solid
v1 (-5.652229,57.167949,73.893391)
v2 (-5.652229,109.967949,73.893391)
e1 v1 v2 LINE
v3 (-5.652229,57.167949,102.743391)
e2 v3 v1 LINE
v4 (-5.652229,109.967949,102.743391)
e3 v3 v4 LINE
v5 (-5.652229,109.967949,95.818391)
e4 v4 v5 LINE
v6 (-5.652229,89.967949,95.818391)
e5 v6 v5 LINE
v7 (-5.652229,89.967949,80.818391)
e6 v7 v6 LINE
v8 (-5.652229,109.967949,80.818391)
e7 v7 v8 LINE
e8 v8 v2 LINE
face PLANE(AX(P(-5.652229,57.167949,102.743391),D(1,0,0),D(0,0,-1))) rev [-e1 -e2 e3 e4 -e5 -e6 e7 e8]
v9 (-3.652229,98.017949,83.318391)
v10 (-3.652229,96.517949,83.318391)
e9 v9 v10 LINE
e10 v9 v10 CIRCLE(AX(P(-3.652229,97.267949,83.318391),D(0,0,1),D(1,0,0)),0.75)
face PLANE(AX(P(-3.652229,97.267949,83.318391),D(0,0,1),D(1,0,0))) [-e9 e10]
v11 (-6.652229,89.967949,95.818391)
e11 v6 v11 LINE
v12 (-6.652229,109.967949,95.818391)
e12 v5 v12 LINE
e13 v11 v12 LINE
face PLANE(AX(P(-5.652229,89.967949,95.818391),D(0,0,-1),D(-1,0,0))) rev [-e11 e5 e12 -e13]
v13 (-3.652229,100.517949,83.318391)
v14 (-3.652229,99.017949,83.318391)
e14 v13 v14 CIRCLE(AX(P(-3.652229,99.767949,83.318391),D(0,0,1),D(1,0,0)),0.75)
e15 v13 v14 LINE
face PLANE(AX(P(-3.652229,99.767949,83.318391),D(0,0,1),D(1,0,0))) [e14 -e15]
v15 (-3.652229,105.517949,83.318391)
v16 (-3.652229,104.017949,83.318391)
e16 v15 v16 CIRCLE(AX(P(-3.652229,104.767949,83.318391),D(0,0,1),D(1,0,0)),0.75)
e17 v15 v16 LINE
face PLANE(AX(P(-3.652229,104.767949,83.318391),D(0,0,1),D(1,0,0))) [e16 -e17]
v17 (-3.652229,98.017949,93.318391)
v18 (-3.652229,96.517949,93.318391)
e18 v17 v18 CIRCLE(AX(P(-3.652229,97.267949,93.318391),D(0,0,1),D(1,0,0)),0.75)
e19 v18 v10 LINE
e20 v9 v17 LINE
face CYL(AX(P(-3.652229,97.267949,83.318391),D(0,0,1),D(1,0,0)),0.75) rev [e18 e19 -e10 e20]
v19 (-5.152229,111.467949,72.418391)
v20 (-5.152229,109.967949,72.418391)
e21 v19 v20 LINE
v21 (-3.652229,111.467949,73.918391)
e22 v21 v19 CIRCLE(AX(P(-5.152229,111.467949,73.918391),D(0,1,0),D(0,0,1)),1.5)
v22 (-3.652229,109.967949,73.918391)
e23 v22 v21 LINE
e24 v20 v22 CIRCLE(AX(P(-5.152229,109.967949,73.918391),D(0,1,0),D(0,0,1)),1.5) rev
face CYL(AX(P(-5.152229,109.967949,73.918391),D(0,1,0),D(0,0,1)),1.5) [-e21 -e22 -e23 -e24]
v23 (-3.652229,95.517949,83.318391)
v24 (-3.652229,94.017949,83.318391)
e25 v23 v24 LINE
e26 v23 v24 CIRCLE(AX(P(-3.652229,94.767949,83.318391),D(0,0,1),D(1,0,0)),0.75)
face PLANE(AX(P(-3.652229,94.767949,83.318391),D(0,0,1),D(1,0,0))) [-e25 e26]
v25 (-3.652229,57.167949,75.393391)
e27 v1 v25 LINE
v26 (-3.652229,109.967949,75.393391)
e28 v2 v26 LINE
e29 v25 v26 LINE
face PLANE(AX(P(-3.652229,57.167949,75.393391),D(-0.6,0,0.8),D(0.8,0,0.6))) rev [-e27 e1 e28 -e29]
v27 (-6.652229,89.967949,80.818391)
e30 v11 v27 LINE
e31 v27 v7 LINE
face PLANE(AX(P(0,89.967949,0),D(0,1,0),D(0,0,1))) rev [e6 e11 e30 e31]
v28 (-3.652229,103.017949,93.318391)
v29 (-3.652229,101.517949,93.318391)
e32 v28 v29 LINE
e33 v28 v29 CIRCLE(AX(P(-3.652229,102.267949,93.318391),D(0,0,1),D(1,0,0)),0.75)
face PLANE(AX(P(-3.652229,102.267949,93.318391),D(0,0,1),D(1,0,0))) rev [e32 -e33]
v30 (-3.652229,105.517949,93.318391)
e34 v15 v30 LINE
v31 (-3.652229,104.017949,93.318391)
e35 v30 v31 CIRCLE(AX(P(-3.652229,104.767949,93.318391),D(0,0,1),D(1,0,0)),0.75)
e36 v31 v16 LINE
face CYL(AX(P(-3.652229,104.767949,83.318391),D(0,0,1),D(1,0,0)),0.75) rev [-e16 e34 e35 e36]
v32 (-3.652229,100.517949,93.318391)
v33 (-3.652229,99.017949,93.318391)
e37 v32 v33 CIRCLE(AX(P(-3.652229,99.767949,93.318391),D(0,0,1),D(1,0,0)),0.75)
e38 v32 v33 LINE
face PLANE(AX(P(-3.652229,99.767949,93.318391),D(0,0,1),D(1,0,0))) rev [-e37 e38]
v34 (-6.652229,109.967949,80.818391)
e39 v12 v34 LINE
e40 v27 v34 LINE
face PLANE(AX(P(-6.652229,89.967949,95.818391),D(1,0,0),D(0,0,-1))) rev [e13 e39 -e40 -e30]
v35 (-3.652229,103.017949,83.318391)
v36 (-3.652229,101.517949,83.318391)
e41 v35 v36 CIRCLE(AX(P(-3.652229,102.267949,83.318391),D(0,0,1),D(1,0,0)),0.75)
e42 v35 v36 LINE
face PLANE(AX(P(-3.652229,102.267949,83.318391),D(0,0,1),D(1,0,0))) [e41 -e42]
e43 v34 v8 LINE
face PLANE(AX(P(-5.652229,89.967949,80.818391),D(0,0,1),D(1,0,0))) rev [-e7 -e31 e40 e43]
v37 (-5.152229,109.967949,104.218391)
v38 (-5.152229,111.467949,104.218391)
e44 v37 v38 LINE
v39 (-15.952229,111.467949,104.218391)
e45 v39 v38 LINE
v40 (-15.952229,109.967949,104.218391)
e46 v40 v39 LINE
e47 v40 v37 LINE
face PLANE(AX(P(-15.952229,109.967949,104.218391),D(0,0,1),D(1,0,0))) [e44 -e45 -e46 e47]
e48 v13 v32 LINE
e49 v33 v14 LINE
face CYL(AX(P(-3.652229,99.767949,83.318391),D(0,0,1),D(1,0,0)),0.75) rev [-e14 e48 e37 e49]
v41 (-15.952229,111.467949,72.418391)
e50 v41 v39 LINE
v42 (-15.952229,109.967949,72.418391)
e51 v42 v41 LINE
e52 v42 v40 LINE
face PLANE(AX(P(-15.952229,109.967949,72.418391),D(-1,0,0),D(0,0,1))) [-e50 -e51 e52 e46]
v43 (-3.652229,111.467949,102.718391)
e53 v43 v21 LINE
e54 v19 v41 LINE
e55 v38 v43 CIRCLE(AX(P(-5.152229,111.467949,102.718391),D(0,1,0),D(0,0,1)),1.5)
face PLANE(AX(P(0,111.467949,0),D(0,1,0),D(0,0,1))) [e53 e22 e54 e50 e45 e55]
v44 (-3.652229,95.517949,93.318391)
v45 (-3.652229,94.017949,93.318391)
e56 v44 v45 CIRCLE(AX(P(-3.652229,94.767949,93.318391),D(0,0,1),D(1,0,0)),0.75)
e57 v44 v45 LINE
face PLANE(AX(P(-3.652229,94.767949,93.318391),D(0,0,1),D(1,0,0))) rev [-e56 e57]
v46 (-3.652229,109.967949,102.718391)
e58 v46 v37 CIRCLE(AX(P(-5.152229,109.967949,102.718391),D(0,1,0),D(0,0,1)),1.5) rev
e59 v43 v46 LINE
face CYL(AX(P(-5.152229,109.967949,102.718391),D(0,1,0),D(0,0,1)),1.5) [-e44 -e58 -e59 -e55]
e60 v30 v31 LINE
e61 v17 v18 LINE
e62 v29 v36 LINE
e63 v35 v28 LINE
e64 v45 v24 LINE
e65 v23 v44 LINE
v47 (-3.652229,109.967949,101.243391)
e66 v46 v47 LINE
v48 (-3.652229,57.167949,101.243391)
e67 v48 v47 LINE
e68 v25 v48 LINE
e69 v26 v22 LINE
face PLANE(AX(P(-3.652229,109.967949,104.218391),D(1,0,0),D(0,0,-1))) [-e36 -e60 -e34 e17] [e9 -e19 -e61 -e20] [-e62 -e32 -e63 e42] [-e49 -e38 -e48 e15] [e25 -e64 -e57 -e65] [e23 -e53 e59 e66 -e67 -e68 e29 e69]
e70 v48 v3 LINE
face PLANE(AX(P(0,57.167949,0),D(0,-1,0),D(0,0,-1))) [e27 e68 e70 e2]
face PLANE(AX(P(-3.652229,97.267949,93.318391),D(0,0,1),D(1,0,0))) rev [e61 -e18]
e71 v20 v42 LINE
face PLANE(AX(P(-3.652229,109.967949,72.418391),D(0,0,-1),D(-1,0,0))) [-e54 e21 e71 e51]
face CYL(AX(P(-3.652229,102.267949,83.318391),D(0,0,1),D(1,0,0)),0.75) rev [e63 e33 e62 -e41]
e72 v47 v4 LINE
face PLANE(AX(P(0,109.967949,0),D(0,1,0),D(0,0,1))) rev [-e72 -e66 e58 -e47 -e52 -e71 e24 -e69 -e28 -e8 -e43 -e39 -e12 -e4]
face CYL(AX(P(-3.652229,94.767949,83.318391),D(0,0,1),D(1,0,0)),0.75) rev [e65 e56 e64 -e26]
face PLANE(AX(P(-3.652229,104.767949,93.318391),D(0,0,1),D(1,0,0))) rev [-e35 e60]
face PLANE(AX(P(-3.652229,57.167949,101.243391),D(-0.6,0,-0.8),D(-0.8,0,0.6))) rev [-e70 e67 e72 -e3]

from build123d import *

# Parameters (mm, degrees)
CROQUIS1_W              = 12.3
CROQUIS1_H              = 31.8
SALIENTE_EXTRUIR1_DEPTH = 1.5
SALIENTE_EXTRUIR2_DEPTH = 52.8
CROQUIS5_W              = 1
CROQUIS5_H              = 15
SALIENTE_EXTRUIR4_DEPTH = 20
CROQUIS4_R              = 0.75
CORTAR_EXTRUIR1_DEPTH   = 5
REDONDEO1_R             = 1.5


with BuildPart() as part:
    # Croquis1 → Saliente-Extruir1 (new body)
    with BuildSketch(Plane(origin=(0, 111.467949425, 0), x_dir=(1, 0, 0), z_dir=(0, 1, 0))):
        with Locations((-9.802229413, -88.318391236)):
            Rectangle(CROQUIS1_W, CROQUIS1_H)
    extrude(amount=-SALIENTE_EXTRUIR1_DEPTH)

    # Croquis2 → Saliente-Extruir2 (add)
    with BuildSketch(Plane.XZ.offset(-109.967949425)):
        Polygon((-3.652229413, 101.243391236), (-5.652229413, 102.743391236), (-5.652229413, 73.893391236), (-3.652229413, 75.393391236), align=None)
    extrude(amount=SALIENTE_EXTRUIR2_DEPTH)

    # Croquis5 → Saliente-Extruir4 (add)
    with BuildSketch(Plane.XZ.offset(-109.967949425)):
        with Locations((-6.152229413, 88.318391236)):
            Rectangle(CROQUIS5_W, CROQUIS5_H)
    extrude(amount=SALIENTE_EXTRUIR4_DEPTH)

    # Croquis4 → Cortar-Extruir1 (cut, symmetric)
    with BuildSketch(Plane(origin=(0, 0, 88.318391236), x_dir=(0, -1, 0), z_dir=(0, 0, 1))):
        with Locations((-104.767949425, -3.652229413)):
            Circle(CROQUIS4_R)
        with Locations((-102.267949425, -3.652229413)):
            Circle(CROQUIS4_R)
        with Locations((-99.767949425, -3.652229413)):
            Circle(CROQUIS4_R)
        with Locations((-97.267949425, -3.652229413)):
            Circle(CROQUIS4_R)
        with Locations((-94.767949425, -3.652229413)):
            Circle(CROQUIS4_R)
    extrude(amount=CORTAR_EXTRUIR1_DEPTH, both=True, mode=Mode.SUBTRACT)

    # Redondeo1
    redondeo1_edges = [part.edges().sort_by_distance(p)[0] for p in [
        (-3.652229413, 110.717949425, 72.418391236),
        (-3.652229413, 110.717949425, 104.218391236),
    ]]
    fillet(redondeo1_edges, radius=REDONDEO1_R)


solid = part.part
